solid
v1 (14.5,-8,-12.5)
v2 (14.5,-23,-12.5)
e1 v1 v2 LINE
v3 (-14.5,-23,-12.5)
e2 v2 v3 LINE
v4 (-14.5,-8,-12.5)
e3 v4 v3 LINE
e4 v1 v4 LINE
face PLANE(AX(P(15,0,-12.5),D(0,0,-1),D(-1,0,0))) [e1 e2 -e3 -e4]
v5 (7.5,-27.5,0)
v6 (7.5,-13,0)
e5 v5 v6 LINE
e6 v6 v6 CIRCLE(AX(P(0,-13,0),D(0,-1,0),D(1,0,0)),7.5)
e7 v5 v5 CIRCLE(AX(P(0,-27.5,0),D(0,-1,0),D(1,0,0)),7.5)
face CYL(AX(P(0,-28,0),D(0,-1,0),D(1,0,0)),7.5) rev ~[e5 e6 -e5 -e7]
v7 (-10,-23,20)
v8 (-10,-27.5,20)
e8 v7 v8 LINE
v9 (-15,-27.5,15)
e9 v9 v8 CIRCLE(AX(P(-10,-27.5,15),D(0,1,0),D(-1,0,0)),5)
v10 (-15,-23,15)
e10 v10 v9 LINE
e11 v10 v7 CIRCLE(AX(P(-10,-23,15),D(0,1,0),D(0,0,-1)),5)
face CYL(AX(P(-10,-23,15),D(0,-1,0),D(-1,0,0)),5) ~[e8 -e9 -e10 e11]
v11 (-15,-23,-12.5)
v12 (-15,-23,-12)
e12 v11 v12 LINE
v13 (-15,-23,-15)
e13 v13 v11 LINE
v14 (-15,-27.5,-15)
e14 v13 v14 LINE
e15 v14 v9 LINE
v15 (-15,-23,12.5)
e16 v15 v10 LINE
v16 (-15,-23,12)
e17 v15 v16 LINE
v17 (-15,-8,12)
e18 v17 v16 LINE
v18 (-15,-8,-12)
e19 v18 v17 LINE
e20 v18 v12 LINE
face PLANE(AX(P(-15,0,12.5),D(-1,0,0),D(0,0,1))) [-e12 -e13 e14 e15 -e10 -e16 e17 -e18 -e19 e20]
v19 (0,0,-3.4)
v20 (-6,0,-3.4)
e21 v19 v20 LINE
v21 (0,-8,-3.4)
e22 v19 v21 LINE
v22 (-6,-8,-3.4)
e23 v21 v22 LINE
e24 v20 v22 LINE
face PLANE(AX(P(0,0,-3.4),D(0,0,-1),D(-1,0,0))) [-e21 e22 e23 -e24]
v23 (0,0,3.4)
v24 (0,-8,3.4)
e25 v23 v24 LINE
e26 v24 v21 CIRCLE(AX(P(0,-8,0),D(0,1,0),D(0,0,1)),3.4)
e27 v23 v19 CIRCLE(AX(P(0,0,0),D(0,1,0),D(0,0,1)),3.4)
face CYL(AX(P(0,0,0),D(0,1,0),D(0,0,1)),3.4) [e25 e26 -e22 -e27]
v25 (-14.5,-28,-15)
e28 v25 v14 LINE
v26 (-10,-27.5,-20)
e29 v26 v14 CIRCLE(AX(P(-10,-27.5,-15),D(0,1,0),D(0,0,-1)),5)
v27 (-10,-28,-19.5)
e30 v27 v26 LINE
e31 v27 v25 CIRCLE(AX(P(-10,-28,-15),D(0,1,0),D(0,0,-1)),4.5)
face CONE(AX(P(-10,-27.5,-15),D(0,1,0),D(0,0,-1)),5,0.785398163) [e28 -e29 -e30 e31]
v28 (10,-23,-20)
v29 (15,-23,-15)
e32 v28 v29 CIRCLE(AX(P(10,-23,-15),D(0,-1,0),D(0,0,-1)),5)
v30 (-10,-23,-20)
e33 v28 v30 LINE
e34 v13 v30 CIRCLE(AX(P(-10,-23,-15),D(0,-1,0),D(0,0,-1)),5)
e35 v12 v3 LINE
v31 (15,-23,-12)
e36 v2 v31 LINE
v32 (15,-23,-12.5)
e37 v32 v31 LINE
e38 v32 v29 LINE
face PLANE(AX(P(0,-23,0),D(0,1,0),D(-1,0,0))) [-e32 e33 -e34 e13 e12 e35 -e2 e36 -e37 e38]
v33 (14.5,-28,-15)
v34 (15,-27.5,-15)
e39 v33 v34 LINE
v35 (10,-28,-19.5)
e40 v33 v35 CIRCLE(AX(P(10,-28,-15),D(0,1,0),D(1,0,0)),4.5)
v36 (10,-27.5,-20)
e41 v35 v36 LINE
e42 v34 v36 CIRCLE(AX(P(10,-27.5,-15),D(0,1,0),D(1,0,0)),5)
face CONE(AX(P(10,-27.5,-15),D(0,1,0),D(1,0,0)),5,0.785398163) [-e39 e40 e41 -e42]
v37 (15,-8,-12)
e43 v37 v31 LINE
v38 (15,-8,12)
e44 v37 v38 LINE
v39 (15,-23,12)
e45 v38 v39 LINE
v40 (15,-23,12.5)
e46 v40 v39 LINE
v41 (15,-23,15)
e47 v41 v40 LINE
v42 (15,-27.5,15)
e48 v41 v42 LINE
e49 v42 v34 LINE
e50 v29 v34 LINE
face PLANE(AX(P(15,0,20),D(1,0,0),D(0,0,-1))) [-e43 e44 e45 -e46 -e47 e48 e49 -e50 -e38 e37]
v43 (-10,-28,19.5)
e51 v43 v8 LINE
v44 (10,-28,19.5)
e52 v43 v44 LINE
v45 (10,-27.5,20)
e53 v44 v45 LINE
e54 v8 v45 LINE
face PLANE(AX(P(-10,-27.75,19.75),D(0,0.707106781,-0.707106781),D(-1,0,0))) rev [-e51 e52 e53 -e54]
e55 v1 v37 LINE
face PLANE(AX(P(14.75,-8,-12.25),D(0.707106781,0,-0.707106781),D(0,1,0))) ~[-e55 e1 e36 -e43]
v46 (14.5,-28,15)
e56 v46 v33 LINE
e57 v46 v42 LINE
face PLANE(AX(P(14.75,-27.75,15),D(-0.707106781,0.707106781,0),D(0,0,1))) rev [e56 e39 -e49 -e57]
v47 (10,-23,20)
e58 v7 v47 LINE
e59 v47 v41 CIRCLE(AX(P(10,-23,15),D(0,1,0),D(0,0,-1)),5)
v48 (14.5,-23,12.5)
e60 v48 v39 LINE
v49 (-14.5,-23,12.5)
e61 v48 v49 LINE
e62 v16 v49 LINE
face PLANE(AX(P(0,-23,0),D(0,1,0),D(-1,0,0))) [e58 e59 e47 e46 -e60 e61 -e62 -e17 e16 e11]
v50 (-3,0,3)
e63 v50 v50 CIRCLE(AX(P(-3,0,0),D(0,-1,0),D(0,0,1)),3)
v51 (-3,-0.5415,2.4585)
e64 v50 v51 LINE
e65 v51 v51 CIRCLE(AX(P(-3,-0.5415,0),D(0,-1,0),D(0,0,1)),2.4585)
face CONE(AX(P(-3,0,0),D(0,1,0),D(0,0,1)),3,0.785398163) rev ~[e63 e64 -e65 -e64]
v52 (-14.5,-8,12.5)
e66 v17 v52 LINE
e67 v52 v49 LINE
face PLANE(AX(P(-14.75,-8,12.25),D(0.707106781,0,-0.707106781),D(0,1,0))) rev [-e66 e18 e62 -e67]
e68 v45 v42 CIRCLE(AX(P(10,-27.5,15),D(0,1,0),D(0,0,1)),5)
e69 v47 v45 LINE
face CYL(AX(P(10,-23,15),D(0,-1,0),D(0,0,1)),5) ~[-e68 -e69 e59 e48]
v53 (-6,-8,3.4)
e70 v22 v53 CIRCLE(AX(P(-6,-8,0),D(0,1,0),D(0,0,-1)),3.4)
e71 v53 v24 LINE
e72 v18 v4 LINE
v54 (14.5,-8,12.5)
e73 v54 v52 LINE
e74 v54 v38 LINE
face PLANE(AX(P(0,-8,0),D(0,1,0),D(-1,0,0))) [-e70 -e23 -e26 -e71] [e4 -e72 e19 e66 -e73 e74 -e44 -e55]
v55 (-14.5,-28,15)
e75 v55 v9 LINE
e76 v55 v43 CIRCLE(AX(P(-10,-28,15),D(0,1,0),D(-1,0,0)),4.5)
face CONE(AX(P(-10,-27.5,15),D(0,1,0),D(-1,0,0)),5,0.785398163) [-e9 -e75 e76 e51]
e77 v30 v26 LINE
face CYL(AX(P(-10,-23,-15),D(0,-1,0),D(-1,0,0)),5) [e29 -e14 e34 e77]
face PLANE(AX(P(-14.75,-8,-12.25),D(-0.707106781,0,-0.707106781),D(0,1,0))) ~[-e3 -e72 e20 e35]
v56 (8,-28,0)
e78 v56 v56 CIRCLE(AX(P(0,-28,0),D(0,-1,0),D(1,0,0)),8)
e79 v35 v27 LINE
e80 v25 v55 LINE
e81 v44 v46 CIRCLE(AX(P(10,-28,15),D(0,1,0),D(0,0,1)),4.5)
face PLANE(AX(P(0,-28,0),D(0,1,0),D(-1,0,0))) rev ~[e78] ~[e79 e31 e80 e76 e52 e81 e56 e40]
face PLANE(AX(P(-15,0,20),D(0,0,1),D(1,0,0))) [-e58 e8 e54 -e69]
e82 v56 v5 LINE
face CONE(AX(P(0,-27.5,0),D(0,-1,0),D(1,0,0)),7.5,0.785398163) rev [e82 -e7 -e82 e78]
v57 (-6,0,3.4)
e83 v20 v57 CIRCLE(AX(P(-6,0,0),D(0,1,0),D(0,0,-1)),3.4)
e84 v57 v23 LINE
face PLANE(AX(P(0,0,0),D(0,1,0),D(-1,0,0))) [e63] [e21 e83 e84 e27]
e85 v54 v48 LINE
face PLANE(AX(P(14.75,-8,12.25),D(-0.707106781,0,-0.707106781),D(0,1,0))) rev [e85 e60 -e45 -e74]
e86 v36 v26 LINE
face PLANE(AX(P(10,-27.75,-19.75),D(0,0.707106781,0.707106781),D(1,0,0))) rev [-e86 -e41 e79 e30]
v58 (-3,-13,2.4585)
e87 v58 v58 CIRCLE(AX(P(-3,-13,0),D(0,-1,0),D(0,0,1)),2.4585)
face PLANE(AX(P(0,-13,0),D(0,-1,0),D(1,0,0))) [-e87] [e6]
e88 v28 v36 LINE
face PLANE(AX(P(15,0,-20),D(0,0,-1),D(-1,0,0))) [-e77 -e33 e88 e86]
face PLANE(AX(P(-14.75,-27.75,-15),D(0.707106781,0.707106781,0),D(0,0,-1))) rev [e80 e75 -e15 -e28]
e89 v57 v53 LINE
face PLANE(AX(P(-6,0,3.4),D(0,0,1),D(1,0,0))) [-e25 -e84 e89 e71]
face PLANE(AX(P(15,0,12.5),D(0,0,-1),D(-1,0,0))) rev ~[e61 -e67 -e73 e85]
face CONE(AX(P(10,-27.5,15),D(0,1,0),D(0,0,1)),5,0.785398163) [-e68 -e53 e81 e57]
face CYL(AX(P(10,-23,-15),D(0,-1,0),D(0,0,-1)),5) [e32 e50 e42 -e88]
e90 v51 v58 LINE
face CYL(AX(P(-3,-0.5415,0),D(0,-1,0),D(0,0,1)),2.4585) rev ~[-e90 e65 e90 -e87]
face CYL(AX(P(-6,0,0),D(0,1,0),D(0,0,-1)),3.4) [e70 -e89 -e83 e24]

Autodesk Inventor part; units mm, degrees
ref_plane "YZ Plane" through (0, 0, 0) normal (1, 0, 0) x (0, 1, 0)
ref_plane "XZ Plane" through (0, 0, 0) normal (0, 1, 0) x (-1, 0, 0)
ref_plane "XY Plane" through (0, 0, 0) normal (0, 0, 1) x (1, 0, 0)
sketch "Sketch1" plane through (0, 0, 0) normal (0, 1, 0) x (-1, 0, 0)
  line L0 (15, 20) -> (-15, 20)
  line L1 (-15, 20) -> (-15, -20)
  line L2 (-15, -20) -> (15, -20)
  line L3 (15, -20) -> (15, 20)
  line L4 (15, 20) -> (-15, -20) construction
  line L5 (-15, 20) -> (15, -20) construction
  line L6 (21, 0) -> (-21, 0) construction
  line L7 (0, -28) -> (0, 28) construction
  line L8 (6, 0) -> (0, 0) construction
  line L9 (6, 3.4) -> (0, 3.4)
  line L10 (0, -3.4) -> (6, -3.4)
  arc A0 (6, -3.4) -> (6, 3.4) centre (6, 0) ccw
  arc A1 (0, 3.4) -> (0, -3.4) centre (0, 0) ccw
  line L11 (-15, 12.5) -> (15, 12.5)
  line L12 (-15, -12.5) -> (15, -12.5)
  point P0 (0, 0)
  point P1 (3, 0)
  point P2 (3, 0)
  point P3 (15, -12.5)
  dimension "d0" = 40
  dimension "d1" = 30
  dimension "d2" = 6
  dimension "d3" = 6.8
  dimension "d19" = 3
  dimension "d35" = 25
extrude "Extrusion1" add sketch "Sketch1" against normal blind 28 contours L3 L11 L1 L0 | L3 L12 L1 L11 | L3 L2 L1 L12 | A0 L10 A1 L9
extrude "Extrusion2" cut sketch "Sketch1" against normal blind 8
sketch "Sketch3" plane through (0, -28, 0) normal (0, -1, 0) x (1, 0, 0)
  circle A0 centre (0, 0) radius 7.5
  dimension "d29" = 15
extrude "Extrusion5" cut sketch "Sketch3" against normal blind 15
extrude "Extrusion6" cut sketch "Sketch1" against normal blind 23 contours L3 L11 L1 L0 | L3 L2 L1 L12
hole "Hole1" at (-3, 0, 0) direction (0, -1, 0) diameter 4.917 depth 13 countersink diameter 6 countersink angle 90 thread size "M6x1" class "6H" standard "ISO Metric profile"
fillet "Fillet1" radius 5 4 edges at (-15, -25.5, 20) (-15, -25.5, -20) (15, -25.5, -20) (15, -25.5, 20)
chamfer "Chamfer1" distance 0.5 angle 45 13 edges at (0, -28, 20) (-13.5355, -28, 18.5355) (-15, -28, 0) (-13.5355, -28, -18.5355) (0, -28, -20) (13.5355, -28, -18.5355) (15, -28, 0) (13.5355, -28, 18.5355) (-7.5, -28, 0) (-15, -15.5, 12.5) (-15, -15.5, -12.5) (15, -15.5, -12.5) (15, -15.5, 12.5)
equation "\"d4\" = slotTabH + sheetT"
equation "\"d6\" = slotTabH"
equation "\"slotTabH\" = 8"
equation "\"sheetT\" = 20"
equation "\"totalHeight\" = slotTabH + sheetT"
properties part number "TCSM1-X-003" material "Steel"
